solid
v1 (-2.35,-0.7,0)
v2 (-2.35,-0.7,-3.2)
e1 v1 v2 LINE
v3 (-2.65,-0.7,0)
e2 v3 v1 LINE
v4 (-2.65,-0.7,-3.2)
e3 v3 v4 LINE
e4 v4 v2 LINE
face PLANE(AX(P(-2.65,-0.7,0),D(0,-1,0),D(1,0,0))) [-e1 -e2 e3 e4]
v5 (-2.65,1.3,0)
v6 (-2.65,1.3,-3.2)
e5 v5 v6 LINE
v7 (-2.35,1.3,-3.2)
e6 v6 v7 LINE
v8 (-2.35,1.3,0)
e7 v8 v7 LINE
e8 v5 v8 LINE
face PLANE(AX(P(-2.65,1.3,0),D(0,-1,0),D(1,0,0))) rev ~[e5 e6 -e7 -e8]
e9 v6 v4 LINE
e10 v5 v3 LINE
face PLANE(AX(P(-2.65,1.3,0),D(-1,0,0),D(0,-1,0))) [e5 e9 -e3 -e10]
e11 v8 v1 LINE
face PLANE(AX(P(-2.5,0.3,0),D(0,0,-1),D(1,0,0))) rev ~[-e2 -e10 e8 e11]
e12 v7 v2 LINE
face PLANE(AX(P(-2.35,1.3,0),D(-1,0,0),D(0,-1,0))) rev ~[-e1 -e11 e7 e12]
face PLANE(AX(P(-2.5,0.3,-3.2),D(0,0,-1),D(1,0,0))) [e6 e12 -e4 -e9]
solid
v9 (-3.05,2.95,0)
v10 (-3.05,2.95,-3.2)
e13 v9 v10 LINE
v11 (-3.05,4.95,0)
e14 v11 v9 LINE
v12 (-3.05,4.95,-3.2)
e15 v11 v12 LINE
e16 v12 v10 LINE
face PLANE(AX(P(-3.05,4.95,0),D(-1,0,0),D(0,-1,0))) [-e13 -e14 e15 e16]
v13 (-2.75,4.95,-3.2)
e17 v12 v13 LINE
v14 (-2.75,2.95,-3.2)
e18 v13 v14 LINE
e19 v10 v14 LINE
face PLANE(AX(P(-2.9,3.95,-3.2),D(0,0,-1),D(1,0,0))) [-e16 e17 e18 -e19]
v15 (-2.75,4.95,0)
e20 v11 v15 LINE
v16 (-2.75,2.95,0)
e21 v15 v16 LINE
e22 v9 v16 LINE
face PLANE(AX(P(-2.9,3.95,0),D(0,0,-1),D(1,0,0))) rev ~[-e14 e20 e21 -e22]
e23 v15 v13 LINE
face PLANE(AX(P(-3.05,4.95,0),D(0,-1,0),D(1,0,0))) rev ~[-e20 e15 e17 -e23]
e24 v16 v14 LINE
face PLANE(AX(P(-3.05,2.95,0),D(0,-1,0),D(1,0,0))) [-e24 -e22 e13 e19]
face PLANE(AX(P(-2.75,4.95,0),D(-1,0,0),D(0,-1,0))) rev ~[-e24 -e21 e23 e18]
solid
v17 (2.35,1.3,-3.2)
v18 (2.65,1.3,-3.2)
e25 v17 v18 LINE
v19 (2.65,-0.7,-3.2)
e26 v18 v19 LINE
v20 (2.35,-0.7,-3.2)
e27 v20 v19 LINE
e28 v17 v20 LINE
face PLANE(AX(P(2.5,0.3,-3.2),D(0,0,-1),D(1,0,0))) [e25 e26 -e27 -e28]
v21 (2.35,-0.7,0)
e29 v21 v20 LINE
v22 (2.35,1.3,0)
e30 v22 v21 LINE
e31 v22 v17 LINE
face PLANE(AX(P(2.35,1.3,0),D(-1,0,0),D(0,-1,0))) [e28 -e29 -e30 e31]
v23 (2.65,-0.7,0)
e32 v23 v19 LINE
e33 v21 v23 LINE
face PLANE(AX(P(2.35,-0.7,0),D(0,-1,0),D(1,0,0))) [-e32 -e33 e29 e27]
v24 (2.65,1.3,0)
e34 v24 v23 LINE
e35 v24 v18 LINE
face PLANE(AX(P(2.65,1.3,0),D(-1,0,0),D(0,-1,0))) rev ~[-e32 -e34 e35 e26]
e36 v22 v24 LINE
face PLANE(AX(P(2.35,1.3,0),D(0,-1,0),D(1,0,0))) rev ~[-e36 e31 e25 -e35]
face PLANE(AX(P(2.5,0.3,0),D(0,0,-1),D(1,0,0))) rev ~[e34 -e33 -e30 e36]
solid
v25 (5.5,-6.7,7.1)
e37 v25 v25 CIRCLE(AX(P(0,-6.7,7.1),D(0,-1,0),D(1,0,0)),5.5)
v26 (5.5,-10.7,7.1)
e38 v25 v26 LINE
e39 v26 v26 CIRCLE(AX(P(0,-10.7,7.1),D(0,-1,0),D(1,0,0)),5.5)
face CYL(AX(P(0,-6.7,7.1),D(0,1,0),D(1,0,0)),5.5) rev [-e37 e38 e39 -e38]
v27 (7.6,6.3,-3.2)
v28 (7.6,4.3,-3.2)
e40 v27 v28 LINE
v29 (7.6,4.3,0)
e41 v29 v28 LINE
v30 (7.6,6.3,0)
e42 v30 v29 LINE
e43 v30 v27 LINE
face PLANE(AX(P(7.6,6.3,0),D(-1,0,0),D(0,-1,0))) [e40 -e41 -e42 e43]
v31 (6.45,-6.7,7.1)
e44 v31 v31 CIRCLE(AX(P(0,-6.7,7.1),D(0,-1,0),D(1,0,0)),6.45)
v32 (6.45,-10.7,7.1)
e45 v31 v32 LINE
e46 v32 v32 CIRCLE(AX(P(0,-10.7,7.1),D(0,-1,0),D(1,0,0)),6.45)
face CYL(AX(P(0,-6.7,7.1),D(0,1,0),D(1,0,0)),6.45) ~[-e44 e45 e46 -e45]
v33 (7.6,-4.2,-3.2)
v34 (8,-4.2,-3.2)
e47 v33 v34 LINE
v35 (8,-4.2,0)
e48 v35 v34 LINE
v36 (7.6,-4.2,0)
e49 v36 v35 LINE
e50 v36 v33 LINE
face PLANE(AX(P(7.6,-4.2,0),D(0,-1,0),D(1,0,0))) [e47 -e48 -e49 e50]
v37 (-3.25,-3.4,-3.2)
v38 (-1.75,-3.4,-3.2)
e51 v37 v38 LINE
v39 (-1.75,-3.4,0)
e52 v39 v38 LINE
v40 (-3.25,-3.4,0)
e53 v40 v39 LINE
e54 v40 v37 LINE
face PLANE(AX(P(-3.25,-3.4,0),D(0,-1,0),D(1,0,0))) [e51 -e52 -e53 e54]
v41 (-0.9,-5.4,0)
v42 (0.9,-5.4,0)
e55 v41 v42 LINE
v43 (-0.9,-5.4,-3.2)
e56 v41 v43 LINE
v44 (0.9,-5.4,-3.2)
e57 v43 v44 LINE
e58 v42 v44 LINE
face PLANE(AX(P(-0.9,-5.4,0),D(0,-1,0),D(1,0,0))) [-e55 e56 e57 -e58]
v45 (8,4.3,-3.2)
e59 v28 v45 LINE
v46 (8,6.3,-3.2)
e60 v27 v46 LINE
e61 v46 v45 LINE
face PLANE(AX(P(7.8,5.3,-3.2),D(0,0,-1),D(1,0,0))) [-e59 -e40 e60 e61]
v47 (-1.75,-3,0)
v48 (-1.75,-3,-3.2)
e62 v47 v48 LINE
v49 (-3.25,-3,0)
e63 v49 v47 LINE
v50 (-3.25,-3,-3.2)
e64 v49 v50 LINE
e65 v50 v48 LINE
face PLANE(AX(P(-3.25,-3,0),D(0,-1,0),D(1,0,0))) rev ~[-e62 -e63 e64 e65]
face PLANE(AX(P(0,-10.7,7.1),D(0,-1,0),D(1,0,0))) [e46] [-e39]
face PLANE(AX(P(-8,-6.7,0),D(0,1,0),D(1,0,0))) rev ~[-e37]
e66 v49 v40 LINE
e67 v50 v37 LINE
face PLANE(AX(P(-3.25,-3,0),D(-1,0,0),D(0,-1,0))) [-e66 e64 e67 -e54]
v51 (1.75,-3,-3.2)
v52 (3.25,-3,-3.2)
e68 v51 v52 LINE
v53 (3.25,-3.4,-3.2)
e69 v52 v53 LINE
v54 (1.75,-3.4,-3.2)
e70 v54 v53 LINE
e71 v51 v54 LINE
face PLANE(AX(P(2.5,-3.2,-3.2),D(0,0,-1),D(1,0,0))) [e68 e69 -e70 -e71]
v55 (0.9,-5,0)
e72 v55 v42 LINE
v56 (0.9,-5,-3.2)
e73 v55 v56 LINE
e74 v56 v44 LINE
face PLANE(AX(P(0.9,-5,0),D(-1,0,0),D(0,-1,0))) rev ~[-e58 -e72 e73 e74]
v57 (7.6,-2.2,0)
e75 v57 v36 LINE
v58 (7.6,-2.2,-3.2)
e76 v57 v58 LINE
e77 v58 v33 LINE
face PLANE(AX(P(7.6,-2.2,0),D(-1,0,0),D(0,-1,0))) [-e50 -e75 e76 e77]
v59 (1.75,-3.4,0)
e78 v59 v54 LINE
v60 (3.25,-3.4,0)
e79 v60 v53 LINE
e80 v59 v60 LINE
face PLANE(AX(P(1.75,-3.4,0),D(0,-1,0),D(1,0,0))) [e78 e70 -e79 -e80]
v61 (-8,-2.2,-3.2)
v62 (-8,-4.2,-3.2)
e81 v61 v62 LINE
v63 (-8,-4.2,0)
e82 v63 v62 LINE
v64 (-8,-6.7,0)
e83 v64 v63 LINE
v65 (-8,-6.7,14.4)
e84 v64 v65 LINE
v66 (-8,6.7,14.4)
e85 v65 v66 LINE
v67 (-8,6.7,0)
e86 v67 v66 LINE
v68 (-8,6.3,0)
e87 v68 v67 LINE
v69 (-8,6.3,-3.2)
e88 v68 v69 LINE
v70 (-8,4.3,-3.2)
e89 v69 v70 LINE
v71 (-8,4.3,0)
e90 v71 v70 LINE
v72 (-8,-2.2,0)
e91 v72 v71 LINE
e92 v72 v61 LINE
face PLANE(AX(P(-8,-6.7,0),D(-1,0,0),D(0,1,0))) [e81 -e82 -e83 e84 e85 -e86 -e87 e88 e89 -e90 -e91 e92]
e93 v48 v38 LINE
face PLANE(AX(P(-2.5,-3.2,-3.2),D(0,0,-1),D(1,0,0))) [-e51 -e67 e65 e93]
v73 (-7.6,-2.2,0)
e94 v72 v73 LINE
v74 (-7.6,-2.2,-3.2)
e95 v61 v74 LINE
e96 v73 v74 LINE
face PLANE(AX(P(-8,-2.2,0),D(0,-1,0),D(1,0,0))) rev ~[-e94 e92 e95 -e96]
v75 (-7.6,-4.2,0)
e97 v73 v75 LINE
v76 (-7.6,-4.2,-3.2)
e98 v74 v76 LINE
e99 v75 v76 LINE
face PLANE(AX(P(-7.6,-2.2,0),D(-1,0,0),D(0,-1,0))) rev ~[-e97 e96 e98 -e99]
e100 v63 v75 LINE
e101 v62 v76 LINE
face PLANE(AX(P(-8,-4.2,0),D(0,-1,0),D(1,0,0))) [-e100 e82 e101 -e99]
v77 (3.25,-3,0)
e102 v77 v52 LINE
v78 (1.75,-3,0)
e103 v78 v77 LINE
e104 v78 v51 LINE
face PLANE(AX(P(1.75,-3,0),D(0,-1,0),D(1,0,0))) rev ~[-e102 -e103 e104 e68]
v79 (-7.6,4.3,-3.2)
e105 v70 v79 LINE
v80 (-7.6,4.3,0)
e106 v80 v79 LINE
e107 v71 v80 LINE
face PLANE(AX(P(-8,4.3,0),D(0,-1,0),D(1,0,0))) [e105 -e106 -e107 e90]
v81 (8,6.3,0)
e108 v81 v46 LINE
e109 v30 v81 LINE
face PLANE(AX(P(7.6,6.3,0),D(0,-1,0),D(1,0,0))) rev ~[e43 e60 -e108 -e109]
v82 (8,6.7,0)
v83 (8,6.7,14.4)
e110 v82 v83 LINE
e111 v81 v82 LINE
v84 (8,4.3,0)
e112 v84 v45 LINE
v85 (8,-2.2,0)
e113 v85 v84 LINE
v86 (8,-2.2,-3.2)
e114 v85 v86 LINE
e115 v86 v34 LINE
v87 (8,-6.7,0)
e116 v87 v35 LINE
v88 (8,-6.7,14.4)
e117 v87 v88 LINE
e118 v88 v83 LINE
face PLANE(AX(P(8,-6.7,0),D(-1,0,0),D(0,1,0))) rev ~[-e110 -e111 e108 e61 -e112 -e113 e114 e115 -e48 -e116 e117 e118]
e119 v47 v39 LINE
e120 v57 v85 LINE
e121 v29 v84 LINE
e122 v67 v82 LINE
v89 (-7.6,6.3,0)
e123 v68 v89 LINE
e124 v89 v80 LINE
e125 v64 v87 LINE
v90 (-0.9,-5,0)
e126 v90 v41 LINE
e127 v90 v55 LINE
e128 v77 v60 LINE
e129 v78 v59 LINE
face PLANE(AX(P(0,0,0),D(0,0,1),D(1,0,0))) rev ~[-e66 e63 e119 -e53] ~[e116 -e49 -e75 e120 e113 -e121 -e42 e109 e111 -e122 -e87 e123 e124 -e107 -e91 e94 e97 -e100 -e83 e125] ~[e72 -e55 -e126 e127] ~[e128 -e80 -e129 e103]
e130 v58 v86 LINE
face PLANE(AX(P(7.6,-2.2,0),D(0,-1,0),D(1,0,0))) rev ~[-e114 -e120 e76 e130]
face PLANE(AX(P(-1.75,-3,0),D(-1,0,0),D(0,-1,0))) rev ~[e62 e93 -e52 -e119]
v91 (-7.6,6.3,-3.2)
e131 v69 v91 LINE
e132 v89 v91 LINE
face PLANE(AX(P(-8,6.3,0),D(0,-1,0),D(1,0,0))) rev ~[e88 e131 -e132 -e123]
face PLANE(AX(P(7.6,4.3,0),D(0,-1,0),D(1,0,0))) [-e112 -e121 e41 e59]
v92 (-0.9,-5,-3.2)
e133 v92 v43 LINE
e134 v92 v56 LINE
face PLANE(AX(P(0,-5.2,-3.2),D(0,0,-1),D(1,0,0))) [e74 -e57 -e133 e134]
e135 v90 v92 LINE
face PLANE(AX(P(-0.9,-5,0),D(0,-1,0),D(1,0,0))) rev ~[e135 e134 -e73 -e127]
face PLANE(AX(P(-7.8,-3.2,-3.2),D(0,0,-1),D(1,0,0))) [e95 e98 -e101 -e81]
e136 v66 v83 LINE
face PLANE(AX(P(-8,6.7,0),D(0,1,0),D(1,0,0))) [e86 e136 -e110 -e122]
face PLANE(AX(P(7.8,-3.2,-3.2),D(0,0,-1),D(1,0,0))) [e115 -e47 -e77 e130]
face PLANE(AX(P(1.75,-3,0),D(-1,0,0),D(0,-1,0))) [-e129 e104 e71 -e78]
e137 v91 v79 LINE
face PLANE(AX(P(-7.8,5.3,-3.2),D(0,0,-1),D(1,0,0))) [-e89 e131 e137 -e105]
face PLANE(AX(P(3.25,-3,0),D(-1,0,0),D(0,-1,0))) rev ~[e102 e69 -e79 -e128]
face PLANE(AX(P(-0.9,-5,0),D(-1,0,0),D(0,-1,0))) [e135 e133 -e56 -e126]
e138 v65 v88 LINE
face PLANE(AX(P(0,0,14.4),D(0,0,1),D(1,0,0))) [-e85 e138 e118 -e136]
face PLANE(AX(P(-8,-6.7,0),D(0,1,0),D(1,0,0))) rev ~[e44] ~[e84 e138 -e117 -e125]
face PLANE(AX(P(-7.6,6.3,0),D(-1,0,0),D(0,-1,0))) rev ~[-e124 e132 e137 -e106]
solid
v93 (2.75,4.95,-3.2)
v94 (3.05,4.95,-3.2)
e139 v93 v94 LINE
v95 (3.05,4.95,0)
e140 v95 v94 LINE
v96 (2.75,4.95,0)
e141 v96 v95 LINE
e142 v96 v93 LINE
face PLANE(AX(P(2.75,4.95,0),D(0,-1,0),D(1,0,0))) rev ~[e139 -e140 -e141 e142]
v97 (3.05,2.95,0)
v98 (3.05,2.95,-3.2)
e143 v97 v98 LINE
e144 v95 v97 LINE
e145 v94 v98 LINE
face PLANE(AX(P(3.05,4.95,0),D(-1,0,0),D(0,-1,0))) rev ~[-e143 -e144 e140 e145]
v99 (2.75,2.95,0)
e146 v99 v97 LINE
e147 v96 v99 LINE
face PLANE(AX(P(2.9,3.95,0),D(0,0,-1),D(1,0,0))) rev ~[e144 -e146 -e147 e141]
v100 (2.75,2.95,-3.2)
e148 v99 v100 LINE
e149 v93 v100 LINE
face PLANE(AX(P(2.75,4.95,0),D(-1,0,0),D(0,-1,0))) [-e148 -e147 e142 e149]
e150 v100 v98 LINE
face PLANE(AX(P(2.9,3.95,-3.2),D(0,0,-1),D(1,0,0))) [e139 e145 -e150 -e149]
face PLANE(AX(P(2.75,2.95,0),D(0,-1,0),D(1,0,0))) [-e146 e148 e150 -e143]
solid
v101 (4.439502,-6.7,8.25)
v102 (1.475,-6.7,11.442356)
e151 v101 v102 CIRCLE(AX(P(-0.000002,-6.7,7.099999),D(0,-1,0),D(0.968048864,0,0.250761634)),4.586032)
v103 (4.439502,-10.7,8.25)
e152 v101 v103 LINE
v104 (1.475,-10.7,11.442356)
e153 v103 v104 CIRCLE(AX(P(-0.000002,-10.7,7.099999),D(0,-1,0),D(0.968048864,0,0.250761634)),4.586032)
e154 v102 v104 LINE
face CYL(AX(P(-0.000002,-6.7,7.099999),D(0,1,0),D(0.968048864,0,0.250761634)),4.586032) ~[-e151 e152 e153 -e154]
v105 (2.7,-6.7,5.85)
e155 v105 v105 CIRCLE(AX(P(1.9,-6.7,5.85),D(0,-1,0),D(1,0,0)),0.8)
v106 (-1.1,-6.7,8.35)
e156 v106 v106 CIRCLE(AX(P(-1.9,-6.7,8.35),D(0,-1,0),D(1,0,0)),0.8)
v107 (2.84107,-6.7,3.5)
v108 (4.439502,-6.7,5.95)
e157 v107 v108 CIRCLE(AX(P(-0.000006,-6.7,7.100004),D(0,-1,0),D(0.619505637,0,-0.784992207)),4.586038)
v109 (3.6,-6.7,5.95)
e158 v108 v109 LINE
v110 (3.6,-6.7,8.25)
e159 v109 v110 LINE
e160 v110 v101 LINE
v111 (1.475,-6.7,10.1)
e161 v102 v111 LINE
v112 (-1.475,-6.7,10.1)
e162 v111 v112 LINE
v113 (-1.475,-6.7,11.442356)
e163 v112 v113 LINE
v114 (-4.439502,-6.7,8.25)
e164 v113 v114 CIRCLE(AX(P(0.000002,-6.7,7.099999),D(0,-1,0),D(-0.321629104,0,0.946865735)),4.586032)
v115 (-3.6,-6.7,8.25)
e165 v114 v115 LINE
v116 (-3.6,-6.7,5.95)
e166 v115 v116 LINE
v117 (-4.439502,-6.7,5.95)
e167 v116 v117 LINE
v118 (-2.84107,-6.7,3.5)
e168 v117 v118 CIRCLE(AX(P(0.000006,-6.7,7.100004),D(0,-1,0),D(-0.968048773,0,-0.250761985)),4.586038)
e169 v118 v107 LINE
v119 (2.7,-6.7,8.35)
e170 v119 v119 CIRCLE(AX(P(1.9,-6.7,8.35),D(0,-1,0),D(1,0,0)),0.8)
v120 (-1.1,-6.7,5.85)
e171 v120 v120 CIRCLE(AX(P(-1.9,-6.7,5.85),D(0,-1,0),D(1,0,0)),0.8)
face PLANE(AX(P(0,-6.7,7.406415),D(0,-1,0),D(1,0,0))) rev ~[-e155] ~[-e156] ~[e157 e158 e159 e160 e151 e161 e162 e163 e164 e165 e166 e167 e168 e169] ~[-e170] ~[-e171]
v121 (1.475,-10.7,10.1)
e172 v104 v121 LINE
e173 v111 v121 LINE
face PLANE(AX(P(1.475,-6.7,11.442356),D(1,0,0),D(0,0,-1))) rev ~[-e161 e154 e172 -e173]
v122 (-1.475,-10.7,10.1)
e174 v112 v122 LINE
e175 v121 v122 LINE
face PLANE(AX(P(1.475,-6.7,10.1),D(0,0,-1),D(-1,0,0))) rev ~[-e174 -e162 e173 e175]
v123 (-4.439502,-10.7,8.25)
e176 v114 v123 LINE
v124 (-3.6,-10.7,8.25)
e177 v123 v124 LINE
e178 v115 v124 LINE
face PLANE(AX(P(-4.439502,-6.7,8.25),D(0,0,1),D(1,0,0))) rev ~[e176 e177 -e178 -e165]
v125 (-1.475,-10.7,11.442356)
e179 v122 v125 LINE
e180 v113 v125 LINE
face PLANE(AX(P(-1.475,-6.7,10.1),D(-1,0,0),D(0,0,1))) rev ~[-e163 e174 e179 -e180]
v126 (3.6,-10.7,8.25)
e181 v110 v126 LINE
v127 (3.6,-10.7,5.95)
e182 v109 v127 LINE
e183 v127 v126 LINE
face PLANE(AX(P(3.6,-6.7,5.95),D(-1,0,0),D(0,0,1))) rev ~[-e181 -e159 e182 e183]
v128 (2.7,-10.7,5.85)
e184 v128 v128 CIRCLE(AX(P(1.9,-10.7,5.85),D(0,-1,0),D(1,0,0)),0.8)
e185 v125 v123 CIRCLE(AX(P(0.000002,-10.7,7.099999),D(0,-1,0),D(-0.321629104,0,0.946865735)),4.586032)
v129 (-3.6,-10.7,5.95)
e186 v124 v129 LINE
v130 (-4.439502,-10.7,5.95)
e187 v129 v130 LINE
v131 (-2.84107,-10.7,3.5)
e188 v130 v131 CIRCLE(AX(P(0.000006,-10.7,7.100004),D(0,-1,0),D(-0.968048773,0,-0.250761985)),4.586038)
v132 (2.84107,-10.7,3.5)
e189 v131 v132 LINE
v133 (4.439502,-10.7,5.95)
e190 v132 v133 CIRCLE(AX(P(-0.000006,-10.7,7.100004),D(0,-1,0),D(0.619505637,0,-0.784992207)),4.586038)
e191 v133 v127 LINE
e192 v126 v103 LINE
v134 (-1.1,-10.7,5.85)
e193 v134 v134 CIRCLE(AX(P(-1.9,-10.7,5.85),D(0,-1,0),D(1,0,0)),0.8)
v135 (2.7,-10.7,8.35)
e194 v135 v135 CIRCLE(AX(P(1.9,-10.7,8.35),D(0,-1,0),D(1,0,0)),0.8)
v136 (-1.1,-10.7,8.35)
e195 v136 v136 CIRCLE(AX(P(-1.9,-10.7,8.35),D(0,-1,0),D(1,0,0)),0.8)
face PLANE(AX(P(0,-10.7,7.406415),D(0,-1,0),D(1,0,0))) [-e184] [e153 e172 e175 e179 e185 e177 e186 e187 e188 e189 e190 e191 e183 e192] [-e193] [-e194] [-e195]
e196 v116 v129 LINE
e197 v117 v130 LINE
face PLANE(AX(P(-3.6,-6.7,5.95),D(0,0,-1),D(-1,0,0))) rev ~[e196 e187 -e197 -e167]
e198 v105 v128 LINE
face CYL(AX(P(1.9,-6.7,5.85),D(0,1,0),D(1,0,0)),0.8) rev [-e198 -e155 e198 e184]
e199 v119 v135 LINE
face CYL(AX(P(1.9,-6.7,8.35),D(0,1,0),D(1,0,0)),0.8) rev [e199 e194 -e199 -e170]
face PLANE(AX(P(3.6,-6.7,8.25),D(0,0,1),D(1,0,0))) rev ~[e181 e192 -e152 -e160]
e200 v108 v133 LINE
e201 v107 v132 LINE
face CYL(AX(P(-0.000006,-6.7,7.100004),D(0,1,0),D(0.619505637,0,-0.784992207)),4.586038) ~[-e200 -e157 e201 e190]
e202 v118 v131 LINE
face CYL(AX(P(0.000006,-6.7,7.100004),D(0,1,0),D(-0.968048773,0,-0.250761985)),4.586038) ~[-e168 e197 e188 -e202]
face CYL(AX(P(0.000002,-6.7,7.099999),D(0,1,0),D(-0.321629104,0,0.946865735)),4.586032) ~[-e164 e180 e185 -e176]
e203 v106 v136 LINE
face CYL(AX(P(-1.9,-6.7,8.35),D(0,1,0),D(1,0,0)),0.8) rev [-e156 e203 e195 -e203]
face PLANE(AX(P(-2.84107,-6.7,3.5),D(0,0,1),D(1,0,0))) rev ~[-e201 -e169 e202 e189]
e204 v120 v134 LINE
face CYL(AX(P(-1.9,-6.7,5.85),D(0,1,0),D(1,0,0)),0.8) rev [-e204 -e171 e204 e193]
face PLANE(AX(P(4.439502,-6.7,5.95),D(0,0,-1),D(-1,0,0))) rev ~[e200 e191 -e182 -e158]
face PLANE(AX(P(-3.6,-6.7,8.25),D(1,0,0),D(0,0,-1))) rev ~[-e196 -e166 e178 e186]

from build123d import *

# Parameters (mm, degrees)
F0_W     = 16
F0_H     = 13.4
F1_DEPTH = 14.4
F2_R     = 6.45
F2_R_2   = 5.5
F3_DEPTH = 4
F4_R     = 0.8
F5_DEPTH = 4
F6_W     = 1.8
F6_H     = 0.4
F6_W_2   = 0.4
F6_H_2   = 2
F6_W_3   = 1.5
F7_DEPTH = 3.2
F8_W     = 0.3
F8_H     = 2
F9_DEPTH = 3.2


with BuildPart() as f1:
    # F0 (on Top) → F1 (new body)
    with BuildSketch(Plane.XY):
        Rectangle(F0_W, F0_H)
    extrude(amount=F1_DEPTH)

    # F2 (on face) → F3 (join)
    with BuildSketch(Plane.XZ.offset(6.7)):
        with Locations((0, 7.1)):
            Circle(F2_R)
        with Locations((0, 7.1)):
            Circle(F2_R_2, mode=Mode.SUBTRACT)
    extrude(amount=F3_DEPTH)

    # F6 (on face) → F7 (join)
    with BuildSketch(Plane(origin=(0, 0, 0), x_dir=(1, 0, 0), z_dir=(0, 0, -1))):
        with Locations((0, 5.2)):
            Rectangle(F6_W, F6_H)
        with Locations((7.8, 3.2)):
            Rectangle(F6_W_2, F6_H_2)
        with Locations((7.8, -5.3)):
            Rectangle(F6_W_2, F6_H_2)
        with Locations((-7.8, 3.2)):
            Rectangle(F6_W_2, F6_H_2)
        with Locations((-7.8, -5.3)):
            Rectangle(F6_W_2, F6_H_2)
        with Locations((-2.5, 3.2)):
            Rectangle(F6_W_3, F6_H)
        with Locations((2.5, 3.2)):
            Rectangle(F6_W_3, F6_H)
    extrude(amount=F7_DEPTH)


with BuildPart() as f5:
    # F4 (on face) → F5 (new body)
    with BuildSketch(Plane.XZ.offset(6.7)):
        with BuildLine():
            Line((-3.6, 5.95), (-4.439502, 5.95))
            ThreePointArc((-4.439502, 5.95), (-3.840873, 4.594133), (-2.84107, 3.5))
            Line((-2.84107, 3.5), (2.84107, 3.5))
            ThreePointArc((2.84107, 3.5), (3.840873, 4.594133), (4.439502, 5.95))
            Line((4.439502, 5.95), (3.6, 5.95))
            Line((3.6, 5.95), (3.6, 8.25))
            Line((3.6, 8.25), (4.439502, 8.25))
            ThreePointArc((4.439502, 8.25), (3.360523, 10.220667), (1.475, 11.442356))
            Line((1.475, 11.442356), (1.475, 10.1))
            Line((1.475, 10.1), (-1.475, 10.1))
            Line((-1.475, 10.1), (-1.475, 11.442356))
            ThreePointArc((-1.475, 11.442356), (-3.360523, 10.220667), (-4.439502, 8.25))
            Line((-4.439502, 8.25), (-3.6, 8.25))
            Line((-3.6, 8.25), (-3.6, 5.95))
        make_face()
        with Locations((-1.9, 5.85)):
            Circle(F4_R, mode=Mode.SUBTRACT)
        with Locations((1.9, 5.85)):
            Circle(F4_R, mode=Mode.SUBTRACT)
        with Locations((-1.9, 8.35)):
            Circle(F4_R, mode=Mode.SUBTRACT)
        with Locations((1.9, 8.35)):
            Circle(F4_R, mode=Mode.SUBTRACT)
    extrude(amount=F5_DEPTH)


with BuildPart() as f9:
    # F8 (on face) → F9 (new body)
    with BuildSketch(Plane(origin=(0, 0, 0), x_dir=(1, 0, 0), z_dir=(0, 0, -1))):
        with Locations((-2.5, -0.3)):
            Rectangle(F8_W, F8_H)
        with Locations((2.5, -0.3)):
            Rectangle(F8_W, F8_H)
        with Locations((-2.9, -3.95)):
            Rectangle(F8_W, F8_H)
        with Locations((2.9, -3.95)):
            Rectangle(F8_W, F8_H)
    extrude(amount=F9_DEPTH)


solid = Compound([f1.part, f5.part, f9.part])
